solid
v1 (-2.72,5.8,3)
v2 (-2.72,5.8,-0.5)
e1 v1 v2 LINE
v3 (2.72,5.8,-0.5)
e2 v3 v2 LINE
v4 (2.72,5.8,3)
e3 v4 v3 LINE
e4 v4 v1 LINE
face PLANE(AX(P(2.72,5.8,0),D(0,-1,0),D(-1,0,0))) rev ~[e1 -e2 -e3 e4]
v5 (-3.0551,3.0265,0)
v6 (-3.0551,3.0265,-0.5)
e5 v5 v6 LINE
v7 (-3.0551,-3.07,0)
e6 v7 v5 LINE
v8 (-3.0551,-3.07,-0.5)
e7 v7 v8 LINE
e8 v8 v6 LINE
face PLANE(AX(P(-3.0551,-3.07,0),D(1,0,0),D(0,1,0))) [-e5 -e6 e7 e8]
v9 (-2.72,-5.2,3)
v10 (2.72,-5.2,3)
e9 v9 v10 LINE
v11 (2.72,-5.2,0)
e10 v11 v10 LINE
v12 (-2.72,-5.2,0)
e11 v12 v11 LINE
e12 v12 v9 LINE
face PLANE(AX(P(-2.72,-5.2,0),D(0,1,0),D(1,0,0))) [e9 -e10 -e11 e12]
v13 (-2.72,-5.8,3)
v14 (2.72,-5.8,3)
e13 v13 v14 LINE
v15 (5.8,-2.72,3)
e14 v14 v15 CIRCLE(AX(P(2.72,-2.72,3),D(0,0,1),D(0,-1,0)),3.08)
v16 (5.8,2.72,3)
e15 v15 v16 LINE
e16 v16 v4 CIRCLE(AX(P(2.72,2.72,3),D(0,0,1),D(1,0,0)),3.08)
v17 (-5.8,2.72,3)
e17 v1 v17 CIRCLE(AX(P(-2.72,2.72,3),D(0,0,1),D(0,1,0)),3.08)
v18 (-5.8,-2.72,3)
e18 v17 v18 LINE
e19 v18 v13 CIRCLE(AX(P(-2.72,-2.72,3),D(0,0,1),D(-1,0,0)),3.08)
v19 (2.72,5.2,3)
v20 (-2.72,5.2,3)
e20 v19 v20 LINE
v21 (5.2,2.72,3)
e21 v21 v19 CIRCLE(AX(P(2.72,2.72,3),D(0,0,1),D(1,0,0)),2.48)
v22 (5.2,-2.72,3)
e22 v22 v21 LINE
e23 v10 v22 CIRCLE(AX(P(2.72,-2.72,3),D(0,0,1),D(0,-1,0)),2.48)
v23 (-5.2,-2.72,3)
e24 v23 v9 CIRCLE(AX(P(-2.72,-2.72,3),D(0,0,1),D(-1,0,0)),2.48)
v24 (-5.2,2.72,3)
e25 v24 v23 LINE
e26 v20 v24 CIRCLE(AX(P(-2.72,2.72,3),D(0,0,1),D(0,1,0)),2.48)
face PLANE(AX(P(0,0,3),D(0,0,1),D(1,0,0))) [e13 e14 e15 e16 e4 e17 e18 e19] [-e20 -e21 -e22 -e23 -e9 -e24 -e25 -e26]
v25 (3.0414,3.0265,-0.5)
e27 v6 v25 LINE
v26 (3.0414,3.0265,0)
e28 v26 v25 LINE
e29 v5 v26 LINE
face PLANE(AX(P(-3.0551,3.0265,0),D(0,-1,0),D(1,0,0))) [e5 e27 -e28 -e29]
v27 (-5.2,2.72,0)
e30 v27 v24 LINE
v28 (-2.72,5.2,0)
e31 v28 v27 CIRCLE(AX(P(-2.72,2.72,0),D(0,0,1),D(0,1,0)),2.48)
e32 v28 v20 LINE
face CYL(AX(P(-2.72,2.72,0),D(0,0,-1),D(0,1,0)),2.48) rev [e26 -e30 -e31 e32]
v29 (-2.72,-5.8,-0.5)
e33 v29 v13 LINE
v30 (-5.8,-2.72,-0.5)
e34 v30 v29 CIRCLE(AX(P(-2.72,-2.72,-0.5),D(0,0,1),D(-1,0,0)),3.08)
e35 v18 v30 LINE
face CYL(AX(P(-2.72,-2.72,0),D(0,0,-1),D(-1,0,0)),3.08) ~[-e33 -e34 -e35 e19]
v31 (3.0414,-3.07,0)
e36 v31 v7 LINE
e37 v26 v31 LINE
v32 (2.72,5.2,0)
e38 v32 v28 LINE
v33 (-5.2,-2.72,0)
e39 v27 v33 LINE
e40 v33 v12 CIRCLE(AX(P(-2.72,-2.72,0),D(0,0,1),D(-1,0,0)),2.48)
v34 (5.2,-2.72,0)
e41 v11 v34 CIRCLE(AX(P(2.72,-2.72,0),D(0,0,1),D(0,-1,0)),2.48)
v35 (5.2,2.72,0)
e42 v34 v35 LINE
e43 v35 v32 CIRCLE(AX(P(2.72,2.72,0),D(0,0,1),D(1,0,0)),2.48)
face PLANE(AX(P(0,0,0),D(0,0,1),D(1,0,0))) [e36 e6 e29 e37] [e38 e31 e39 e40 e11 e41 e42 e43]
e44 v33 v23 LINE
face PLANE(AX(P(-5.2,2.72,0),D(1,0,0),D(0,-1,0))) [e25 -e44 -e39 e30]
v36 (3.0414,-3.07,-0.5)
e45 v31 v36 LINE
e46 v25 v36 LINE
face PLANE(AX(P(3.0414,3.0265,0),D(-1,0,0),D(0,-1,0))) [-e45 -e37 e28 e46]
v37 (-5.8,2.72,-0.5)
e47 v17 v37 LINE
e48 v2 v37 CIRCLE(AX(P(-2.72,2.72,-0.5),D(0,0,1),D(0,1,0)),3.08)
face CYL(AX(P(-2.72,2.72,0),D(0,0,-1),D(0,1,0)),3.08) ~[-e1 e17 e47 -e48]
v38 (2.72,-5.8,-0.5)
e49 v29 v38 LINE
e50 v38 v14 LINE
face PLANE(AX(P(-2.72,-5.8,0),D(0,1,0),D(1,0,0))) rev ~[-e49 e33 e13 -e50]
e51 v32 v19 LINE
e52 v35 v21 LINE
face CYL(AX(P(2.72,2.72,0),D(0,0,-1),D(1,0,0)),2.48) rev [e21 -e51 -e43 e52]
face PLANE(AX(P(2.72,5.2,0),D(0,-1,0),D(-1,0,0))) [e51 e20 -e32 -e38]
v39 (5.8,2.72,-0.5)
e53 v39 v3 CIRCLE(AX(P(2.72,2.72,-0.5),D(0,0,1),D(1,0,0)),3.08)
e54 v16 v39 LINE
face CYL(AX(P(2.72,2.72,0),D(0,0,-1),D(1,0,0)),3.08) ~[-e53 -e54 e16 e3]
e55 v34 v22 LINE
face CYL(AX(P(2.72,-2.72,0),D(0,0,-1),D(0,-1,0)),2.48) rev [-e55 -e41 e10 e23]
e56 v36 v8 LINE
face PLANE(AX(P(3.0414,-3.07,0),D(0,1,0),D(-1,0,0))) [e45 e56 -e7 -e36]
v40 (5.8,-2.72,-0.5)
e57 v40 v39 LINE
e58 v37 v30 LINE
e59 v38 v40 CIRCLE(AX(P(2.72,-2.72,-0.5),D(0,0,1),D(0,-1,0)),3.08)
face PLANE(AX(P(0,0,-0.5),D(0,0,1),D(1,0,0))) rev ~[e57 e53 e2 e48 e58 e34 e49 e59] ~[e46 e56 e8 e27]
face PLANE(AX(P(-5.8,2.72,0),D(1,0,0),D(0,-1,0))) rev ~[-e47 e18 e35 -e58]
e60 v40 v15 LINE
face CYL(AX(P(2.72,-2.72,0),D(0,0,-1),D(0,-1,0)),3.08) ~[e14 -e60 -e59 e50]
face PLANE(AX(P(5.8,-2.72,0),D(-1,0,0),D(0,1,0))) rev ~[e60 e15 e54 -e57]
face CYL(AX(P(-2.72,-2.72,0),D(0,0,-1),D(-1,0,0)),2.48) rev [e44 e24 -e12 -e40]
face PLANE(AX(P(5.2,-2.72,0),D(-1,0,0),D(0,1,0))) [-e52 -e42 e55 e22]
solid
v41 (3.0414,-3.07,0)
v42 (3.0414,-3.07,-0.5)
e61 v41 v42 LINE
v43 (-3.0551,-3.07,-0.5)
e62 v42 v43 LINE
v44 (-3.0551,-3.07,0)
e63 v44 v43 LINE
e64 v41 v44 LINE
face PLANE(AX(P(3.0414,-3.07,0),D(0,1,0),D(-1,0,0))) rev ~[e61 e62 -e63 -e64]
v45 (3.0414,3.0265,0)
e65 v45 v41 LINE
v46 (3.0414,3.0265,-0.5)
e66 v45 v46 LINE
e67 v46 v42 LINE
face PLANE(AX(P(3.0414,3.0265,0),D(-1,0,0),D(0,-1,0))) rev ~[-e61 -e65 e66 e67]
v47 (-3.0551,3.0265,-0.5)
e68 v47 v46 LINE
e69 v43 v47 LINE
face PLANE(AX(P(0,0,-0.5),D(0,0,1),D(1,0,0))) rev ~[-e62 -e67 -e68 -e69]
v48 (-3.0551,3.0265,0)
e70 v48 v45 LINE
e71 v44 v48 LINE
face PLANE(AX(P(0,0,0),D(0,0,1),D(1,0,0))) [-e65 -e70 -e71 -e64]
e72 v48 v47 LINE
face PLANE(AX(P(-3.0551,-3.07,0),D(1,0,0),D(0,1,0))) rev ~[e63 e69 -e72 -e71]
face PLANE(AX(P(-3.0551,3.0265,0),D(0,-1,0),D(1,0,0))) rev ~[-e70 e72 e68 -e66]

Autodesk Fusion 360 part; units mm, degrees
sketch "Sketch1" plane through (0, 0, 0) normal (0, 0, 1) x (1, 0, 0)
  line L0 (2.72, 5) -> (-2.72, 5)
  line L1 (-5, 2.72) -> (-5, -2.72)
  line L2 (-2.72, -5) -> (2.72, -5)
  line L3 (5, -2.72) -> (5, 2.72)
  line L4 (5, 5) -> (-5, -5) construction
  line L5 (-5, 5) -> (5, -5) construction
  arc A0 (5, 2.72) -> (2.72, 5) centre (2.72, 2.72) ccw
  arc A1 (2.72, -5) -> (5, -2.72) centre (2.72, -2.72) ccw
  arc A2 (-5, -2.72) -> (-2.72, -5) centre (-2.72, -2.72) ccw
  arc A3 (-2.72, 5) -> (-5, 2.72) centre (-2.72, 2.72) ccw
  line L6 (-2.72, -5.2) -> (2.72, -5.2)
  arc A4 (2.72, -5.2) -> (5.2, -2.72) centre (2.72, -2.72) ccw
  line L7 (5.2, -2.72) -> (5.2, 2.72)
  arc A5 (5.2, 2.72) -> (2.72, 5.2) centre (2.72, 2.72) ccw
  line L8 (2.72, 5.2) -> (-2.72, 5.2)
  arc A6 (-2.72, 5.2) -> (-5.2, 2.72) centre (-2.72, 2.72) ccw
  line L9 (-5.2, 2.72) -> (-5.2, -2.72)
  arc A7 (-5.2, -2.72) -> (-2.72, -5.2) centre (-2.72, -2.72) ccw
  line L10 (-2.72, -5.8) -> (2.72, -5.8)
  arc A8 (2.72, -5.8) -> (5.8, -2.72) centre (2.72, -2.72) ccw
  line L11 (5.8, -2.72) -> (5.8, 2.72)
  arc A9 (5.8, 2.72) -> (2.72, 5.8) centre (2.72, 2.72) ccw
  line L12 (2.72, 5.8) -> (-2.72, 5.8)
  arc A10 (-2.72, 5.8) -> (-5.8, 2.72) centre (-2.72, 2.72) ccw
  line L13 (-5.8, 2.72) -> (-5.8, -2.72)
  arc A11 (-5.8, -2.72) -> (-2.72, -5.8) centre (-2.72, -2.72) ccw
  dimension "d1" = 10
  dimension "d2" = 10
  dimension "d3" = 2.28
  dimension "d4" = 0.2
  dimension "d5" = 0.8
extrude "Extrude1" add sketch "Sketch1" along normal blind 3 contours L10 A8 L11 A9 L12 A10 L13 A11 makes body 1
extrude "Extrude2" add sketch "Sketch1" against normal blind 0.5 contours L0 L1 L2 L3 A0 A1 A2 A3 | L6 A4 L7 A5 L8 A6 L9 A7 | L10 A8 L11 A9 L12 A10 L13 A11 bodies 1
sketch "Sketch2" plane through (0, 0, 0) normal (0, 0, 1) x (1, 0, 0)
  line L0 (-2.72, -5.2) -> (2.72, -5.2)
  arc A0 (2.72, -5.2) -> (5.2, -2.72) centre (2.72, -2.72) ccw
  line L1 (5.2, -2.72) -> (5.2, 2.72)
  arc A1 (5.2, 2.72) -> (2.72, 5.2) centre (2.72, 2.72) ccw
  line L2 (2.72, 5.2) -> (-2.72, 5.2)
  arc A2 (-2.72, 5.2) -> (-5.2, 2.72) centre (-2.72, 2.72) ccw
  line L3 (-5.2, 2.72) -> (-5.2, -2.72)
  arc A3 (-5.2, -2.72) -> (-2.72, -5.2) centre (-2.72, -2.72) ccw
  line L4 (3.0414, -3.07) -> (-3.0551, -3.07)
  line L5 (-3.0551, -3.07) -> (-3.0551, 3.0265)
  line L6 (-3.0551, 3.0265) -> (3.0414, 3.0265)
  line L7 (3.0414, 3.0265) -> (3.0414, -3.07)
extrude "Extrude3" cut sketch "Sketch2" against normal blind 0.5 contours L4 L5 L6 L7 bodies 1
extrude "Extrude4" add sketch "Sketch2" against normal blind 0.5 separate body contours L4 L5 L6 L7 makes body 2
